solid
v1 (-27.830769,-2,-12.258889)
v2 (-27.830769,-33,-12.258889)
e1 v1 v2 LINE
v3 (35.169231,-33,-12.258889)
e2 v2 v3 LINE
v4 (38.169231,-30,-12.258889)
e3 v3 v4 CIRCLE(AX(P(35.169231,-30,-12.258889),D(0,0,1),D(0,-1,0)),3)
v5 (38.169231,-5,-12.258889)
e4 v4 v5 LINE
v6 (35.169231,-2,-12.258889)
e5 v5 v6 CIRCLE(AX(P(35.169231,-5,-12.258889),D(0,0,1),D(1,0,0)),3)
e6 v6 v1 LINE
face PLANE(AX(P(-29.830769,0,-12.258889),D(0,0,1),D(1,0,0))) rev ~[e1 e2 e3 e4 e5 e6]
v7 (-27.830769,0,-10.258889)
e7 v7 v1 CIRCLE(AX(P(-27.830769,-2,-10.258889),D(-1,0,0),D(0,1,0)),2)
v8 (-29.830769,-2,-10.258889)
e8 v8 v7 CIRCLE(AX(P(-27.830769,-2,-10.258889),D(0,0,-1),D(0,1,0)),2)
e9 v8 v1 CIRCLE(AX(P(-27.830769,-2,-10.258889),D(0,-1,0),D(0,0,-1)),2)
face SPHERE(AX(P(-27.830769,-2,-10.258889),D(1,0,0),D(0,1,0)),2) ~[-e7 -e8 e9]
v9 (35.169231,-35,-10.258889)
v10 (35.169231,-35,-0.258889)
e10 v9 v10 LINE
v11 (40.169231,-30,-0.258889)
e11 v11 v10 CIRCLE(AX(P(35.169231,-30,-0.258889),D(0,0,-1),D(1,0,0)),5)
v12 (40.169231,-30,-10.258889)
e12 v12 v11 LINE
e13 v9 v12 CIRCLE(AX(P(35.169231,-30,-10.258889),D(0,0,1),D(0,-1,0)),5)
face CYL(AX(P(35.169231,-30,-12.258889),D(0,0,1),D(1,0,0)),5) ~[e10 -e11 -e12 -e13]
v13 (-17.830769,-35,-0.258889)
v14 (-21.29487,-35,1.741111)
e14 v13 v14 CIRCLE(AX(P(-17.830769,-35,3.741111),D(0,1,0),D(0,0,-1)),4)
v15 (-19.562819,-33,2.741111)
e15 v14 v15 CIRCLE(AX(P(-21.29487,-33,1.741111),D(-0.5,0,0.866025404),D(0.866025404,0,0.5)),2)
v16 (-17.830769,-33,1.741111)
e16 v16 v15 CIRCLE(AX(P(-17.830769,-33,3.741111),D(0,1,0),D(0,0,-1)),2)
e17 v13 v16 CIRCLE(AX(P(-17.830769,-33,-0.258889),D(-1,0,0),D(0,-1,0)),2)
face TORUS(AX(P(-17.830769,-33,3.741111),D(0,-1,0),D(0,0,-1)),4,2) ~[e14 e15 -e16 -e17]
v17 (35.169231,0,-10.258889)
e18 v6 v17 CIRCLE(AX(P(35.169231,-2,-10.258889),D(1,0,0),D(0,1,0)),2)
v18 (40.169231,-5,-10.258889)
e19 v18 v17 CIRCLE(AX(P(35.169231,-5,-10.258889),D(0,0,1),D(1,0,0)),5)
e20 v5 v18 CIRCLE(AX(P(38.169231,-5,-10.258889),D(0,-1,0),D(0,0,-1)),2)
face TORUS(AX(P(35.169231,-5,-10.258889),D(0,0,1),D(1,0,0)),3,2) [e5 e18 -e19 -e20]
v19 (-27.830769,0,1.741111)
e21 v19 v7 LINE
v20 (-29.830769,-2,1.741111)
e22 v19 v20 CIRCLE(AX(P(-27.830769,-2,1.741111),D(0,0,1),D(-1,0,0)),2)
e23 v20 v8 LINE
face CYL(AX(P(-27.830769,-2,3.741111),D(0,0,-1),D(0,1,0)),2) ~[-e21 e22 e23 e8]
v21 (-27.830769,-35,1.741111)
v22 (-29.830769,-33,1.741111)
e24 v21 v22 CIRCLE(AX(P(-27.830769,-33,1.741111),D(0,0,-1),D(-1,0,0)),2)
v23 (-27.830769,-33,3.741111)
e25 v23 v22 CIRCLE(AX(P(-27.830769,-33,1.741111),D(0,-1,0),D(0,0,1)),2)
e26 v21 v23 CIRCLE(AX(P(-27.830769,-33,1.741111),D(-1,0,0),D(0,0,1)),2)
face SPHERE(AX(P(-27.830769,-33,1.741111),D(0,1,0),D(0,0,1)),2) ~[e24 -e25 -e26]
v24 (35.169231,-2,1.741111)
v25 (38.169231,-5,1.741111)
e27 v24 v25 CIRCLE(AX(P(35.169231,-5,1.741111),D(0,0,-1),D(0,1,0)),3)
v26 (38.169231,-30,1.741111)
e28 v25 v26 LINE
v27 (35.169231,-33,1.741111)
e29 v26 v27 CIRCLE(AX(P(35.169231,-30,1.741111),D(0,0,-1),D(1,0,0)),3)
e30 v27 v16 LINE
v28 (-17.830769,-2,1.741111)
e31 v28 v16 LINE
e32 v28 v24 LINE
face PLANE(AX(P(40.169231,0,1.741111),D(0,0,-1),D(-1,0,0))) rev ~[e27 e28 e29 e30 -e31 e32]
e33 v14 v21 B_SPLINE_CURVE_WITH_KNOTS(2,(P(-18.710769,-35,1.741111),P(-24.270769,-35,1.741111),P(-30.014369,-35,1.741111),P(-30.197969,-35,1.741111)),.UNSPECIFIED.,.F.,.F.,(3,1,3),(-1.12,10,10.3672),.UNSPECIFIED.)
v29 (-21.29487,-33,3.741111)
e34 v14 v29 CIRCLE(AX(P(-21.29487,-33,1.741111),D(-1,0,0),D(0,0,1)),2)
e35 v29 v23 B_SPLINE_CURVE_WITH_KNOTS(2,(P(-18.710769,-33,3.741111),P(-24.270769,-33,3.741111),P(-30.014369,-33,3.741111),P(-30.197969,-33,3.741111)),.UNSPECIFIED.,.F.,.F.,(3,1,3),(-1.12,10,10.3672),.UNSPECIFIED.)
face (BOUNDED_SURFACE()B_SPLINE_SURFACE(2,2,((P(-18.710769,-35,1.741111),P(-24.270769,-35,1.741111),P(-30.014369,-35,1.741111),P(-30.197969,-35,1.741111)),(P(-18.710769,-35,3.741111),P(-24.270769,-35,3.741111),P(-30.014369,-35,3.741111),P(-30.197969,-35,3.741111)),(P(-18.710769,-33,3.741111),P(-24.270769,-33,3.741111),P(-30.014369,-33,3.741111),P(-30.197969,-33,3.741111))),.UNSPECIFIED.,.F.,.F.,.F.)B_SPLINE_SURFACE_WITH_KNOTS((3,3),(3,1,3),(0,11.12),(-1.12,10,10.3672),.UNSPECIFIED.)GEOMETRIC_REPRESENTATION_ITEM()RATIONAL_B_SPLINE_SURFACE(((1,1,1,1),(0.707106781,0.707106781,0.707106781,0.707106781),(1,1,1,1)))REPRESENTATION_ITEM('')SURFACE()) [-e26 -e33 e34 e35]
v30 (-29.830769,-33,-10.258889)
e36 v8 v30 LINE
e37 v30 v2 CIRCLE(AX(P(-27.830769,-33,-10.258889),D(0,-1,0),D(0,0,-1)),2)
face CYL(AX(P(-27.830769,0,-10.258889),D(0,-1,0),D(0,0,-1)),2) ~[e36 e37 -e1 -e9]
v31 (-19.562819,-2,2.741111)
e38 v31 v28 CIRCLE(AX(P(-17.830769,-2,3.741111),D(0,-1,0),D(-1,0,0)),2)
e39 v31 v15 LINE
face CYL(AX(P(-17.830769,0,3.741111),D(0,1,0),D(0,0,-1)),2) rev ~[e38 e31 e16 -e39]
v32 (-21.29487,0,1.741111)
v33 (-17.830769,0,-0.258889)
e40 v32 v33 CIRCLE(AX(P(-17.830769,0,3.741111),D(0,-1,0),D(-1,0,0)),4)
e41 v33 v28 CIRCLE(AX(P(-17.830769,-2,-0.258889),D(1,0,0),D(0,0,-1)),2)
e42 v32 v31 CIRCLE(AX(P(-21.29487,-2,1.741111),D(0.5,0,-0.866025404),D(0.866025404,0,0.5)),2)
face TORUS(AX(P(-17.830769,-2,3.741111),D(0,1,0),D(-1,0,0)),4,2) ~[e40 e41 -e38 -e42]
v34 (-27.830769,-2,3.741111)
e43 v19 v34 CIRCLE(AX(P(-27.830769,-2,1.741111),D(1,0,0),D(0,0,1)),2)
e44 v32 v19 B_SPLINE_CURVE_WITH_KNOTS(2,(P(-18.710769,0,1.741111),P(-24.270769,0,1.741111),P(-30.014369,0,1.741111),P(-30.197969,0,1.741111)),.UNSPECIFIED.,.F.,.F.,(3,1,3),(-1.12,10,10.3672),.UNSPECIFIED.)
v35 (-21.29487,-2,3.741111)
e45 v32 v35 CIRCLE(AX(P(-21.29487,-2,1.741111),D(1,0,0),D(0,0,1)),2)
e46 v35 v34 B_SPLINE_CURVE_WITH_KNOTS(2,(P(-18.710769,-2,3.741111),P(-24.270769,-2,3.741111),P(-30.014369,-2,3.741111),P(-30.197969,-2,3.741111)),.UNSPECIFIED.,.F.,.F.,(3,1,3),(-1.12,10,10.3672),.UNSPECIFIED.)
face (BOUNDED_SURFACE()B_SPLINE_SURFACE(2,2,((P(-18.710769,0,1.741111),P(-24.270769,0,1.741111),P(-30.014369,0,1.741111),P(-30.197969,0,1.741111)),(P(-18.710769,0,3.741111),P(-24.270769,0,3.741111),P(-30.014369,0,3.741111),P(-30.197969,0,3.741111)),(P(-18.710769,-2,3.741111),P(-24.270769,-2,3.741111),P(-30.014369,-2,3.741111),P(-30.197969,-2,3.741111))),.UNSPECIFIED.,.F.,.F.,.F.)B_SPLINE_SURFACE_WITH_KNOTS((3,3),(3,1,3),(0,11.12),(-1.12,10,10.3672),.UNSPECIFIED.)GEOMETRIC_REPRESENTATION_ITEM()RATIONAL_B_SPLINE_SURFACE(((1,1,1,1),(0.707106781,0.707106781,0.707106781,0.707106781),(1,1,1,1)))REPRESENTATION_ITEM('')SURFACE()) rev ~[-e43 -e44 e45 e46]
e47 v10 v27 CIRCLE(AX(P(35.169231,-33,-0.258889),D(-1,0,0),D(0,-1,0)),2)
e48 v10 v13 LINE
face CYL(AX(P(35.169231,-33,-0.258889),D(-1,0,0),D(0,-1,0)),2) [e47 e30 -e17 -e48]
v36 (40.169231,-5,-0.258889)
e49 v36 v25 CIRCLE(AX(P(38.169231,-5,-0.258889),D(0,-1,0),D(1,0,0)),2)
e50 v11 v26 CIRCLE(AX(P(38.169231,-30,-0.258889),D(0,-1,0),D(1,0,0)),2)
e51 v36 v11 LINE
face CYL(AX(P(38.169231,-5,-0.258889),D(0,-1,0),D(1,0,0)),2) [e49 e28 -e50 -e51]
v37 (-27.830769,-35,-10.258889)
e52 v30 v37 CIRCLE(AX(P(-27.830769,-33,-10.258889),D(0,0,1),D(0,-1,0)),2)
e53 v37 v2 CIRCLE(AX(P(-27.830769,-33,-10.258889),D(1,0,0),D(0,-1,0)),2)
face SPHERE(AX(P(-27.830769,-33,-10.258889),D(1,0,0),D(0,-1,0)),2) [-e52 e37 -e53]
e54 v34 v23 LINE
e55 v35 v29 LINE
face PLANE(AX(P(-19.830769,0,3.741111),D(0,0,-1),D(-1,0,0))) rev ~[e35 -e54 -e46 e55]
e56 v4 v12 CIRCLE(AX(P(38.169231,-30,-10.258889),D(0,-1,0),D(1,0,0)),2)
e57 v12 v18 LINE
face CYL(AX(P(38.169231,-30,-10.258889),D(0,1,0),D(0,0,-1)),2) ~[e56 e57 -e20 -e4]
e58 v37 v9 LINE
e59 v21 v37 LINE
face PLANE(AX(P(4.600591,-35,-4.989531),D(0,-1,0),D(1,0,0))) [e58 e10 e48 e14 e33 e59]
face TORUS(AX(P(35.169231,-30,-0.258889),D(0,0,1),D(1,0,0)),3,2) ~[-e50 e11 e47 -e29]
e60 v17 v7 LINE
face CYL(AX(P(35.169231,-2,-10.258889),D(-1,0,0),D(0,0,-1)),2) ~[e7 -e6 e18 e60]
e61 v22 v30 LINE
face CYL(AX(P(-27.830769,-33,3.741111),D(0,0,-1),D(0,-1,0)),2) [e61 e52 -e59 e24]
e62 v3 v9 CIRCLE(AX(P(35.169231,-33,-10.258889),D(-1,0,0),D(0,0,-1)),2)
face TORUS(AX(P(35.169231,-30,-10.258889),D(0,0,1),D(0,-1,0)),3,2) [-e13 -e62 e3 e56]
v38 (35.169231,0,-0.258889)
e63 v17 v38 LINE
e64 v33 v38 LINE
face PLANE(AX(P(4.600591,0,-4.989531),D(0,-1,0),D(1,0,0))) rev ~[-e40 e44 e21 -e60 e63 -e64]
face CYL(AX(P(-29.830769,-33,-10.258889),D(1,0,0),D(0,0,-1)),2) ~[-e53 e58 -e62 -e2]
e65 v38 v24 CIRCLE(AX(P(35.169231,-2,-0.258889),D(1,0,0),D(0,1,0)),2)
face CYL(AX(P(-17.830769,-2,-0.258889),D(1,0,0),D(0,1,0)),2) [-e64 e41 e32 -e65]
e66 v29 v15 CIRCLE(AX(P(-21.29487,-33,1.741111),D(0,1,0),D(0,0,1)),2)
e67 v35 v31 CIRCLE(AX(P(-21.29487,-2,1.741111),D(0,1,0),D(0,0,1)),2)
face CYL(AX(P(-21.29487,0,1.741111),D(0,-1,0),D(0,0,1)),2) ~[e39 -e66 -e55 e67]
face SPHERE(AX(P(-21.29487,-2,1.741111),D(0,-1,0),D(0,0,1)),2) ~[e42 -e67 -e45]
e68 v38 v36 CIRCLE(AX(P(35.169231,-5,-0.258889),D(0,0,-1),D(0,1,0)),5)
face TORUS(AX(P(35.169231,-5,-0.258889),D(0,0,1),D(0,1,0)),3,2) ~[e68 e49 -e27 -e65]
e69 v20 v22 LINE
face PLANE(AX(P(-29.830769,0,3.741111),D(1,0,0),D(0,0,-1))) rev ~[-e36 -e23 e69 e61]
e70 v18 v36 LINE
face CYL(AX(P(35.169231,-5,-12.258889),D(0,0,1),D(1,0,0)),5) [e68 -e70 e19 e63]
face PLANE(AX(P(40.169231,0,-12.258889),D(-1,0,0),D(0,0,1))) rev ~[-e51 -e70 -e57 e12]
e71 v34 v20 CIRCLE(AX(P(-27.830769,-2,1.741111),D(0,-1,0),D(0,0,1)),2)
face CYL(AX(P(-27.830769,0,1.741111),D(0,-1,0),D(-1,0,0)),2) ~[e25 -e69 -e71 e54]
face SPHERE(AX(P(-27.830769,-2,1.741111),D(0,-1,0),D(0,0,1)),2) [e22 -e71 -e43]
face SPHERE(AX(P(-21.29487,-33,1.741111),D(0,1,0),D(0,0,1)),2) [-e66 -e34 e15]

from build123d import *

# Parameters (mm, degrees)
F1_DEPTH = 35
F2_R     = 5
F3_R     = 2


with BuildPart() as f1:
    # F0 (on Front) → F1 (new body)
    with BuildSketch(Plane.XZ):
        with BuildLine():
            Line((-19.8307685554, 3.7411112362), (-29.8307685554, 3.7411112362))
            Line((-29.8307685554, 3.7411112362), (-29.8307685554, -12.2588887638))
            Line((-29.8307685554, -12.2588887638), (40.1692314446, -12.2588887638))
            Line((40.1692314446, -12.2588887638), (40.1692314446, 1.7411112362))
            Line((40.1692314446, 1.7411112362), (-17.8307685554, 1.7411112362))
            ThreePointArc((-17.8307685554, 1.7411112362), (-19.2449821178, 2.3268976739), (-19.8307685554, 3.7411112362))
        make_face()
    extrude(amount=F1_DEPTH)

    # F2
    f2_edges = [f1.edges().sort_by_distance(p)[0] for p in [
        (40.169231, -35, -5.258889),
        (40.169231, 0, -5.258889),
    ]]
    fillet(f2_edges, radius=F2_R)

    # F3
    f3_edges = [f1.edges().sort_by_distance(p)[0] for p in [
        (-19.830769, -17.5, 3.741111),
        (-29.830769, -17.5, 3.741111),
        (-24.830769, 0, 3.741111),
        (-24.830769, -35, 3.741111),
        (2.669231, -35, -12.258889),
        (35.169231, -35, -5.258889),
        (-29.830769, -35, -4.258889),
        (8.669231, -35, 1.741111),
        (-19.244982, -35, 2.326898),
        (2.669231, 0, -12.258889),
        (35.169231, 0, -5.258889),
        (-29.830769, 0, -4.258889),
        (8.669231, 0, 1.741111),
        (-19.244982, 0, 2.326898),
        (-29.830769, -17.5, -12.258889),
    ]]
    fillet(f3_edges, radius=F3_R)


solid = f1.part
